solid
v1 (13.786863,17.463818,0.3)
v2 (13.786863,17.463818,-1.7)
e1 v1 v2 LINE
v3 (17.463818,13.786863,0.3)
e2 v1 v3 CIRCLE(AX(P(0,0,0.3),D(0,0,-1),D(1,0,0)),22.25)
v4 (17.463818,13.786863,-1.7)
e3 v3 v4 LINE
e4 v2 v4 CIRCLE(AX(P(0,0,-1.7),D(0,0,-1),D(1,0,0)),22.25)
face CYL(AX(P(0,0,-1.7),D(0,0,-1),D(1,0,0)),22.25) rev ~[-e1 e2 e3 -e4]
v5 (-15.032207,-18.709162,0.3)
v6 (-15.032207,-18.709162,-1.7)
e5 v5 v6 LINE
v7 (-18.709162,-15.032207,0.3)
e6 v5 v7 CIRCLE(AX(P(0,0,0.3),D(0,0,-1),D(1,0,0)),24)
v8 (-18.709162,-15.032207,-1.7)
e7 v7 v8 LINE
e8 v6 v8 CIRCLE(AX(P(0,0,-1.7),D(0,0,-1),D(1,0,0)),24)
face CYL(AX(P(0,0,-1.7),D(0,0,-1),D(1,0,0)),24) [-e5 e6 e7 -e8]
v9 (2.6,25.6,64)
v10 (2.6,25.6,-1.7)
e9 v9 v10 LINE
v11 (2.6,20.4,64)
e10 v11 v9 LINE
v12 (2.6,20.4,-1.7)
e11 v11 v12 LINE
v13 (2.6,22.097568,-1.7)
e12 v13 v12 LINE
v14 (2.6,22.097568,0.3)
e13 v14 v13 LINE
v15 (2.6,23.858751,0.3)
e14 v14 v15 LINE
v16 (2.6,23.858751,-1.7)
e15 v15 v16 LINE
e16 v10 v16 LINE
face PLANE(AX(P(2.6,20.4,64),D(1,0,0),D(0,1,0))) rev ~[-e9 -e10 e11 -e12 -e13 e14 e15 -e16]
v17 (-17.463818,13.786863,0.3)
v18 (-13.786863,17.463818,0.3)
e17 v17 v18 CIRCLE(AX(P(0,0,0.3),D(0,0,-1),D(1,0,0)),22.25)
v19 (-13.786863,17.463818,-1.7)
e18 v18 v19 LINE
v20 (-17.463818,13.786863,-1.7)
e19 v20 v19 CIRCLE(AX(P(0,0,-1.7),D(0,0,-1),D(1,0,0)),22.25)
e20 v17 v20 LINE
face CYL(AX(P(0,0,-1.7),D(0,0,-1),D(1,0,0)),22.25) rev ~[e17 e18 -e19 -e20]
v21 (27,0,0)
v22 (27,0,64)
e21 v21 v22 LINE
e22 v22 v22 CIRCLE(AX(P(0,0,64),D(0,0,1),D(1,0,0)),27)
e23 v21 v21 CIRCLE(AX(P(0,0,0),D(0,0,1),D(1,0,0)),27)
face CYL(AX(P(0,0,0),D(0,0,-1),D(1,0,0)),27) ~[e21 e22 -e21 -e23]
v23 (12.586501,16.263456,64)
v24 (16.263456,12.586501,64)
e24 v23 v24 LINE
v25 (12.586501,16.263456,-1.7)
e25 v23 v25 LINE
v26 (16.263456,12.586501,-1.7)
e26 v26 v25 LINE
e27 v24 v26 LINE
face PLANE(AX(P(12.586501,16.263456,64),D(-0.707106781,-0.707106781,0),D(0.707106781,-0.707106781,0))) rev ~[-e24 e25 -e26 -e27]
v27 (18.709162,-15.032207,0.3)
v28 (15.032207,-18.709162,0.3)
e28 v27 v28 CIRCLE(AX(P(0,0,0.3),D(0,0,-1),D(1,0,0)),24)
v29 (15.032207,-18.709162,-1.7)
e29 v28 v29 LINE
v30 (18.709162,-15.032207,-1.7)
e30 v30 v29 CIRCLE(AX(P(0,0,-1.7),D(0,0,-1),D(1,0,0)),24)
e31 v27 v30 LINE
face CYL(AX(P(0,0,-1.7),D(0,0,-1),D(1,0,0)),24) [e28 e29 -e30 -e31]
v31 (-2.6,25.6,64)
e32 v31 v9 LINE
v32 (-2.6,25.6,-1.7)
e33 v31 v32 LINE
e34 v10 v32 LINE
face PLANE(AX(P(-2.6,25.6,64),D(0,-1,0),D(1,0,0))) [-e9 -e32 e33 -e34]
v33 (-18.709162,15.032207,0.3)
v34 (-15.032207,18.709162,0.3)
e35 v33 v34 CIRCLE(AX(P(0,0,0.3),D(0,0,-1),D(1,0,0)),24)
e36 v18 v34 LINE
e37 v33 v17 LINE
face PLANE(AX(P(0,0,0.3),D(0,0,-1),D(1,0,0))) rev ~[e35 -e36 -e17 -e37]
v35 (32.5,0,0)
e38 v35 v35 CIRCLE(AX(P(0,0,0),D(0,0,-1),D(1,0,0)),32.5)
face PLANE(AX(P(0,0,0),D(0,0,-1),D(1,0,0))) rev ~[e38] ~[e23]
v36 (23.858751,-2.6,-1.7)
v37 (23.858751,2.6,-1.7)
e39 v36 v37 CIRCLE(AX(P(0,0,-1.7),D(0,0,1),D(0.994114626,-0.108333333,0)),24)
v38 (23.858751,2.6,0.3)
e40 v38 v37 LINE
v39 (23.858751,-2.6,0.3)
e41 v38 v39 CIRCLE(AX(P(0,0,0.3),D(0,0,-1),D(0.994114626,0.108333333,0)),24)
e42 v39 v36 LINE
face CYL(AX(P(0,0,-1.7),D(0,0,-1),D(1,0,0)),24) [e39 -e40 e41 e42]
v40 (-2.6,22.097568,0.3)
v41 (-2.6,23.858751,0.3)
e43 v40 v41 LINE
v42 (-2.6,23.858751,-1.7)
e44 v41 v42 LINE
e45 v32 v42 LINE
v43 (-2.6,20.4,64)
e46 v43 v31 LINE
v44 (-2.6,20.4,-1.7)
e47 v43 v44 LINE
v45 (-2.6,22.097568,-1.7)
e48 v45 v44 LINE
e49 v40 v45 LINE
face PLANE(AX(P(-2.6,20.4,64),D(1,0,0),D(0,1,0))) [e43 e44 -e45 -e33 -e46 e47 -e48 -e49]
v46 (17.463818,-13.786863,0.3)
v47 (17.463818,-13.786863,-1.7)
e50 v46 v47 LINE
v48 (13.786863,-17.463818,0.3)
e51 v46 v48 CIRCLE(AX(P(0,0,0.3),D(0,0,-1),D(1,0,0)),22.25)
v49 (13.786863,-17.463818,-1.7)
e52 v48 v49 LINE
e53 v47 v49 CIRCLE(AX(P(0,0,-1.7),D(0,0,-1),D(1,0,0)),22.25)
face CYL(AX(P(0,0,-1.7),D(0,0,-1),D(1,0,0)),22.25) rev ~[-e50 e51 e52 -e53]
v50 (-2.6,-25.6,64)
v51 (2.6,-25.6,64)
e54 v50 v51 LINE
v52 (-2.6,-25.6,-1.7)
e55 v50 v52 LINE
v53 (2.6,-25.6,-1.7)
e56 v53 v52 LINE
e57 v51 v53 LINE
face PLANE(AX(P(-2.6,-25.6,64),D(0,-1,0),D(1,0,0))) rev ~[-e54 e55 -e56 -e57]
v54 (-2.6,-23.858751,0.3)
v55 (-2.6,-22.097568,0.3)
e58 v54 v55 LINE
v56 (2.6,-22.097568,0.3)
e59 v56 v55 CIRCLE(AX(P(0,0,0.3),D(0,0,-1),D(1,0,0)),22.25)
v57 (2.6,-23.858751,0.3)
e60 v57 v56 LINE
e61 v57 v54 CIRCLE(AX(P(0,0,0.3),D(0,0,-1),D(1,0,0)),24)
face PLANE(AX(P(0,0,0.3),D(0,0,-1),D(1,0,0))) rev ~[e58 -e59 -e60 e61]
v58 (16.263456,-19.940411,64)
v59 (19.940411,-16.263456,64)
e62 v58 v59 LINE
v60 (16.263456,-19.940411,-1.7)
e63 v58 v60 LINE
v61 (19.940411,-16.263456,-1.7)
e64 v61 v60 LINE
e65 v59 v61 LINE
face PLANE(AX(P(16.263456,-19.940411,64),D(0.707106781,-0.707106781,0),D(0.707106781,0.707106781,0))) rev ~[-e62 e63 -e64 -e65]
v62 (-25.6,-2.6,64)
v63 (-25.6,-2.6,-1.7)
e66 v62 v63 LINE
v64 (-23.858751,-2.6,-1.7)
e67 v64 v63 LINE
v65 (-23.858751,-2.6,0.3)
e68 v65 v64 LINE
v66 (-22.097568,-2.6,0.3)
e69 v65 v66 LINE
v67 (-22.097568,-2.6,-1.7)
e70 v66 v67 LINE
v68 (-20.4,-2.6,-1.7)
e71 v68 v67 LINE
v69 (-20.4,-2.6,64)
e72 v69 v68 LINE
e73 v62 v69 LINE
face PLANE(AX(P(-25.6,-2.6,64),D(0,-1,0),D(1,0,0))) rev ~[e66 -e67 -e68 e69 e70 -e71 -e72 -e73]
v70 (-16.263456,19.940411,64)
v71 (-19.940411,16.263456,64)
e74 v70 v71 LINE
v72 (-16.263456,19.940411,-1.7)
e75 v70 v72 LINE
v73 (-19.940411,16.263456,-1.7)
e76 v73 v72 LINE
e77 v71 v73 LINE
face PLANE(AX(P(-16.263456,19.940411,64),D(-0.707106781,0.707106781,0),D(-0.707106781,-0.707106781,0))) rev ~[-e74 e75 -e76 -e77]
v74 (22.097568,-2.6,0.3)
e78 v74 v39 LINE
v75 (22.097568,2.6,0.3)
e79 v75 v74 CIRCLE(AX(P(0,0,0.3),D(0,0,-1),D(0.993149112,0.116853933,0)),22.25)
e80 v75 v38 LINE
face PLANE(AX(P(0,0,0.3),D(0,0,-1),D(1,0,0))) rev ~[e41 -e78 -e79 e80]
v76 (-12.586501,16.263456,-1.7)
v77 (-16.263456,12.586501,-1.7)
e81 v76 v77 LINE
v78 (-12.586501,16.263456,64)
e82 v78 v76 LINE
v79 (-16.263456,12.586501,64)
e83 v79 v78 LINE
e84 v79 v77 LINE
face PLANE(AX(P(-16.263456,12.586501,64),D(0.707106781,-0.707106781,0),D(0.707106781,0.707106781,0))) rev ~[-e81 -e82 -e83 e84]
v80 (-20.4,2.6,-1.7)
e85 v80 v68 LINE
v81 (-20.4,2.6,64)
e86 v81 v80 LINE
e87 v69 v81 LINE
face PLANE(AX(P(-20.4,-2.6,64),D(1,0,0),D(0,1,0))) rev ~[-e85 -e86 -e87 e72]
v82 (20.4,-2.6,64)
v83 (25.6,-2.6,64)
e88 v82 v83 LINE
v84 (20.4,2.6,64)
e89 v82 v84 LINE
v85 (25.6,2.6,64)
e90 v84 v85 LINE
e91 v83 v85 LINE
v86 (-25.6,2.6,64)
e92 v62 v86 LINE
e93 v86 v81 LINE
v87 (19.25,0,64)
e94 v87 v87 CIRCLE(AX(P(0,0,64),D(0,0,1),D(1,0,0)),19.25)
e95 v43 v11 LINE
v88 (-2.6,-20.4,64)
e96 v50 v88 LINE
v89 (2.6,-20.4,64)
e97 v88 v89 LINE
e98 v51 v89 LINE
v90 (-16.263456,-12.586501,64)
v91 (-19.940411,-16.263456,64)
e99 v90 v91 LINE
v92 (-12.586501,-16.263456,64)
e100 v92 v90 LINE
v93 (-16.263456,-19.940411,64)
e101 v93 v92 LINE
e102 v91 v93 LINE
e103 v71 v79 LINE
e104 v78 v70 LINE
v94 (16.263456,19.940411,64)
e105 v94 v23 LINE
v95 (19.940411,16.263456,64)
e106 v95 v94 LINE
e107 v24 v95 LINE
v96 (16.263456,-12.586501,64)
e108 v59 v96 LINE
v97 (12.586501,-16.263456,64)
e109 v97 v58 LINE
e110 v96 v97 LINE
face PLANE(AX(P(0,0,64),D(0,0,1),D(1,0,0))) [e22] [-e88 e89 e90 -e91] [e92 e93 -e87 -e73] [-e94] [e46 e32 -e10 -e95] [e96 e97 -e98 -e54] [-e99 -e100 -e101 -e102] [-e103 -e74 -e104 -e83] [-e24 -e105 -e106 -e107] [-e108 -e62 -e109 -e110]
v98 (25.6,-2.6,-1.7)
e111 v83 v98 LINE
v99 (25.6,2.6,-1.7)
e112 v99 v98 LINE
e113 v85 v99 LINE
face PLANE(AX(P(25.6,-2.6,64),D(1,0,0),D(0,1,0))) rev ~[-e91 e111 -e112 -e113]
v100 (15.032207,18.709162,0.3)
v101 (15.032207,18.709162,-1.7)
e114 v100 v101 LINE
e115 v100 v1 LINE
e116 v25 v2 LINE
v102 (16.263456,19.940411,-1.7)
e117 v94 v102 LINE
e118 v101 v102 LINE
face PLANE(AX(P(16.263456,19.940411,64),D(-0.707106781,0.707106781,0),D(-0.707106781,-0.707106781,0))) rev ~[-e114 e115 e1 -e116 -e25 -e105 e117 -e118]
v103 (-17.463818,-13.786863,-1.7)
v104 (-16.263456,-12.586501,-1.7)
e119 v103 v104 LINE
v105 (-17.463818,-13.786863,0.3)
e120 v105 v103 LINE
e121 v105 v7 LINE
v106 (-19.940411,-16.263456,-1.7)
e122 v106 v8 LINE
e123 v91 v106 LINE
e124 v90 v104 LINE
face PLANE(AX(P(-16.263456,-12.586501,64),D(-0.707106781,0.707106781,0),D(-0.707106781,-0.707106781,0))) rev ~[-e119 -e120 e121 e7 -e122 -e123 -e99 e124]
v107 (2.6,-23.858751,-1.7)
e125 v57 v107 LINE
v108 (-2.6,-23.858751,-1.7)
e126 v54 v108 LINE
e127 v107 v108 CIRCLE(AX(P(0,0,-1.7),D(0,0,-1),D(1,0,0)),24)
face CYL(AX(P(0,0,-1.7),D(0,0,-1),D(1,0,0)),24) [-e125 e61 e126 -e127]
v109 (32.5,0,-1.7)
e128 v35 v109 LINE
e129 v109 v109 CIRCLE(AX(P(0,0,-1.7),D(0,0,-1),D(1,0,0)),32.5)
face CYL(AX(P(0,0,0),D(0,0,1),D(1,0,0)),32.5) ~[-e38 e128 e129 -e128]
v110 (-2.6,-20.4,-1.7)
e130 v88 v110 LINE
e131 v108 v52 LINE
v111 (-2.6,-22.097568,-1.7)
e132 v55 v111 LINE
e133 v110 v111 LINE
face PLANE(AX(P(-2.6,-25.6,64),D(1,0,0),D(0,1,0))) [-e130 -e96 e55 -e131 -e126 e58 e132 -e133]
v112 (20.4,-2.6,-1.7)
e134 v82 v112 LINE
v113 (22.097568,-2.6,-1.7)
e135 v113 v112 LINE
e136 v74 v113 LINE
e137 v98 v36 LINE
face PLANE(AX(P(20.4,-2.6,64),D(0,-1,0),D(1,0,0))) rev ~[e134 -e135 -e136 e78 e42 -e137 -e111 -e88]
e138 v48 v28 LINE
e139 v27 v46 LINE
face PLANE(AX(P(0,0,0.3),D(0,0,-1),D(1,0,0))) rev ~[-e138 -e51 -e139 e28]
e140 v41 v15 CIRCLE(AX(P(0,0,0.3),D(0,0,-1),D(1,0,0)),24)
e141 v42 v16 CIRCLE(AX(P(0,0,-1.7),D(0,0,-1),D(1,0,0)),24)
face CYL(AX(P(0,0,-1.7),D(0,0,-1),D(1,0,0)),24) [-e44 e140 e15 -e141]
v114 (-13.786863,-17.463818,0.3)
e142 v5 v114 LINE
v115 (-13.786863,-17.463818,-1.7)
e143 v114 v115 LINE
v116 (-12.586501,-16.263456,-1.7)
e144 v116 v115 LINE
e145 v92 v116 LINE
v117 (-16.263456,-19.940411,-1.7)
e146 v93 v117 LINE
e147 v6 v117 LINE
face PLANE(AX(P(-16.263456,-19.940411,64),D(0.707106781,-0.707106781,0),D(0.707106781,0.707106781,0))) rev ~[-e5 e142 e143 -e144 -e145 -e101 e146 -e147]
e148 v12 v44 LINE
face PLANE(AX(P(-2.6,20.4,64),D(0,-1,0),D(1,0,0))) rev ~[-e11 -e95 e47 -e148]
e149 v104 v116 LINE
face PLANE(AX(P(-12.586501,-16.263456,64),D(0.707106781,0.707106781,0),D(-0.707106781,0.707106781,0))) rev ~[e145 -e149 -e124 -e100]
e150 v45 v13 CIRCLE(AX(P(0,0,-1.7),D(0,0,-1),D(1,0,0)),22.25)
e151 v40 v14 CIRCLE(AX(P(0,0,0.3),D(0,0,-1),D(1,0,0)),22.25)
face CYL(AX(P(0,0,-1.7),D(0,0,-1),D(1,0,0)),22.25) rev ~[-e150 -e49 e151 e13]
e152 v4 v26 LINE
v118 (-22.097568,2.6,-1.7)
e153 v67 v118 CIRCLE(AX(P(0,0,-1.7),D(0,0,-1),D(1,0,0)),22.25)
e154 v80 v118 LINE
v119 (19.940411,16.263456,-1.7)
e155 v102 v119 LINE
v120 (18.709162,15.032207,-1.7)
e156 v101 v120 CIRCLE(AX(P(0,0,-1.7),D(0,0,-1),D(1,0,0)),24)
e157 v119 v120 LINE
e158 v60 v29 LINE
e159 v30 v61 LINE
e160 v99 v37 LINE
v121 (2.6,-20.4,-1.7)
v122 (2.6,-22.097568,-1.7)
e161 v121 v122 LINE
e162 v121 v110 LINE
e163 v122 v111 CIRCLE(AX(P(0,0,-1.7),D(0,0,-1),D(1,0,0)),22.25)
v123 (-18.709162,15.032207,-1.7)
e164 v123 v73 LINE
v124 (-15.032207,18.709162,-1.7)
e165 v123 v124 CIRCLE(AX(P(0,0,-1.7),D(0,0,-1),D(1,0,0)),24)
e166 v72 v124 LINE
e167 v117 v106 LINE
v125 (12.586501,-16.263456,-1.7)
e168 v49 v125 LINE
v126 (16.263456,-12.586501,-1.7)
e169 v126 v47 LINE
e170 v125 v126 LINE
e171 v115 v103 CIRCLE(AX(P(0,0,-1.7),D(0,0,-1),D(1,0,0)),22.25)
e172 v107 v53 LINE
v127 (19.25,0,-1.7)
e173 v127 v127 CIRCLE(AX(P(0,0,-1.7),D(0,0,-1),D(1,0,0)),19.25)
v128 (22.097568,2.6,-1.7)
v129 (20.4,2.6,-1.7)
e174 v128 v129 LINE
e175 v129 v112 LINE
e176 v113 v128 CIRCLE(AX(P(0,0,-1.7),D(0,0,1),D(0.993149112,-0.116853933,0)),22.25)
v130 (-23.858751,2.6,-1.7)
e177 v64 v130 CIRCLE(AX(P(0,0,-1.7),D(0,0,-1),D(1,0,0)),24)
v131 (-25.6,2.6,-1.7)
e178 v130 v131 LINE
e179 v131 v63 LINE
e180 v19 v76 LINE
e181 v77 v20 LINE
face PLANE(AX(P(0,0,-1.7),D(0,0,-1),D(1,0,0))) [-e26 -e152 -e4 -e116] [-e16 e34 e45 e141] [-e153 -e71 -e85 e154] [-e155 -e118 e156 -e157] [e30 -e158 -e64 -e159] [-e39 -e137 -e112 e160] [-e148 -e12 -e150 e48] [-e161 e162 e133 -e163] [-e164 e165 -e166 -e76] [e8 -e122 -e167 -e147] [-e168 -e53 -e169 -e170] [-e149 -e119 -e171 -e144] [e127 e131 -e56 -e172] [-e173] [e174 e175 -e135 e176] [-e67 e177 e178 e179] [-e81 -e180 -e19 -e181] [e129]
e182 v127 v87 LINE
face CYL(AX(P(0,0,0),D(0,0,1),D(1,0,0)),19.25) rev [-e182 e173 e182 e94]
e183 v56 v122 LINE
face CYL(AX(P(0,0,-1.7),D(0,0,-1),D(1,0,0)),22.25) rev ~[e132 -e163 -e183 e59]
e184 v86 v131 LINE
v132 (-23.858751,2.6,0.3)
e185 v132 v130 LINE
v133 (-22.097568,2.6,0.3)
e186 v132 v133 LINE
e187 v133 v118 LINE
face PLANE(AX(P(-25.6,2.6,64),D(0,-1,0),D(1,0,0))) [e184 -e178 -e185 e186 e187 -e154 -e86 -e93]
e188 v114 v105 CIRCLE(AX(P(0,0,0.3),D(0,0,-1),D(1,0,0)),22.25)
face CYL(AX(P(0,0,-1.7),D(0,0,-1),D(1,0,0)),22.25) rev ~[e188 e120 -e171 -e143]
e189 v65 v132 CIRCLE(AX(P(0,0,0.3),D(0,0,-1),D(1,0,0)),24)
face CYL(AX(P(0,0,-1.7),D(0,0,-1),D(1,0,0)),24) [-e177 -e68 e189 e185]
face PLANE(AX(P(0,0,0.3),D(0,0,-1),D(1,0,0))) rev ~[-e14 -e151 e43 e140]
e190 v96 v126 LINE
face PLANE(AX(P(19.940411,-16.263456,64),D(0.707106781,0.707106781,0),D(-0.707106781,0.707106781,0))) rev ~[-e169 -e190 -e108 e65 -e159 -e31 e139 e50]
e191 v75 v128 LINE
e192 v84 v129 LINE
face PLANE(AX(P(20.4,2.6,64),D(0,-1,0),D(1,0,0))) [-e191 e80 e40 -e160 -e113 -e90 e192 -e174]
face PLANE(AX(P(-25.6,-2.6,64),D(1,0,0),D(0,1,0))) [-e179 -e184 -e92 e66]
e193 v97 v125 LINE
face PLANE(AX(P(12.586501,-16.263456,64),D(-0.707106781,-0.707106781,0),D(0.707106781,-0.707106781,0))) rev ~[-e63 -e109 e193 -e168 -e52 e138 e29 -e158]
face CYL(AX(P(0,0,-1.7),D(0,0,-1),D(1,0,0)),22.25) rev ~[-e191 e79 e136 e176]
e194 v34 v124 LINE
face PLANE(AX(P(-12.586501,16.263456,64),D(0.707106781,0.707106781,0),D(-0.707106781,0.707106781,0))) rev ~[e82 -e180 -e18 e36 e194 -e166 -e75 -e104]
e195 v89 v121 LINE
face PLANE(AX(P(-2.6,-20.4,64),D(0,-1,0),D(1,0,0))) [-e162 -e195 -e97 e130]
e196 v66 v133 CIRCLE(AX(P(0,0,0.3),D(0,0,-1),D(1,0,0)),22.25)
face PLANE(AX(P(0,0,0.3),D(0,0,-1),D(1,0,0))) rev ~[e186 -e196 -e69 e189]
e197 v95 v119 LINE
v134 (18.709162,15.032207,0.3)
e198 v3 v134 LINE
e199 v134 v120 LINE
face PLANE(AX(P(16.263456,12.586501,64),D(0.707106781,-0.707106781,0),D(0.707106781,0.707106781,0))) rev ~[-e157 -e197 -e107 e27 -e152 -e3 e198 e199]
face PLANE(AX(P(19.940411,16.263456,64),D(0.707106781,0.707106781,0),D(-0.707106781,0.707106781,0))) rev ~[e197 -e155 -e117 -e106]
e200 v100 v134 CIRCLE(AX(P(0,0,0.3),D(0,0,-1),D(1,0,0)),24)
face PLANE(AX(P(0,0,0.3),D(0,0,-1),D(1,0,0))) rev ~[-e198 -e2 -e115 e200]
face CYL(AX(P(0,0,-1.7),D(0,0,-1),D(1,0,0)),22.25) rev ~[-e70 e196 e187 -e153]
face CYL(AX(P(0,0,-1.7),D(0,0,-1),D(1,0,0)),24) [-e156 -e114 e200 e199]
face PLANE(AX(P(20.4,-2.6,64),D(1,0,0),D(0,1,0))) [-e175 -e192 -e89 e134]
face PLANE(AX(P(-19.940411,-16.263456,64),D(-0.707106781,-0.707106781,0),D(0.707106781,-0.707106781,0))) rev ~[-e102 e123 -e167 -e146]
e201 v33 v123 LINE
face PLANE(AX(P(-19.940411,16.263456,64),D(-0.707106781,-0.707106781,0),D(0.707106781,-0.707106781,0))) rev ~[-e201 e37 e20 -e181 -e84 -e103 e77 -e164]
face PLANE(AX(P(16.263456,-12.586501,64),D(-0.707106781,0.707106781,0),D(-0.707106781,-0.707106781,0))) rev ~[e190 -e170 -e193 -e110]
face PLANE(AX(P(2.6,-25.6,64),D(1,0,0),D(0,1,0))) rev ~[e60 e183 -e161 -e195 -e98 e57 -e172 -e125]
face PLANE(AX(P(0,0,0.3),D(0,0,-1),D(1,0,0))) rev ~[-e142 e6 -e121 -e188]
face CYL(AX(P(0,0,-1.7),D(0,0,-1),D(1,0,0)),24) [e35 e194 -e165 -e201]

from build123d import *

# Parameters (mm, degrees)
F0_R     = 27
F0_R_2   = 19.25
F1_DEPTH = 64
F2_R     = 32.5
F2_R_2   = 19.25
F3_DEPTH = 1.7
F4_W     = 5.2
F4_H     = 5.2
F5_DEPTH = 65.701
F6_R     = 24
F6_R_2   = 22.25
F7_DEPTH = 2


with BuildPart() as f1:
    # F0 (on Top) → F1 (new body)
    with BuildSketch(Plane.XY):
        Circle(F0_R)
        Circle(F0_R_2, mode=Mode.SUBTRACT)
    extrude(amount=F1_DEPTH)

    # F2 (on face) → F3 (join)
    with BuildSketch(Plane(origin=(0, 0, 0), x_dir=(1, 0, 0), z_dir=(0, 0, -1))):
        Circle(F2_R)
        Circle(F2_R_2, mode=Mode.SUBTRACT)
    extrude(amount=F3_DEPTH)

    # F4 (on face) → F5 (cut, through all)
    with BuildSketch(Plane.XY.offset(64)):
        with Locations((0, -23)):
            Rectangle(F4_W, F4_H)
        Polygon((16.263456, -12.586501), (12.586501, -16.263456), (16.263456, -19.940411), (19.940411, -16.263456), align=None)
        with Locations((23, 0)):
            Rectangle(F4_W, F4_H)
        Polygon((12.586501, 16.263456), (16.263456, 12.586501), (19.940411, 16.263456), (16.263456, 19.940411), align=None)
        with Locations((0, 23)):
            Rectangle(F4_W, F4_H)
        Polygon((-16.263456, 12.586501), (-12.586501, 16.263456), (-16.263456, 19.940411), (-19.940411, 16.263456), align=None)
        with Locations((-23, 0)):
            Rectangle(F4_W, F4_H)
        Polygon((-12.586501, -16.263456), (-16.263456, -12.586501), (-19.940411, -16.263456), (-16.263456, -19.940411), align=None)
    extrude(amount=-F5_DEPTH, mode=Mode.SUBTRACT)

    # F6 (on face) → F7 (join)
    with BuildSketch(Plane(origin=(0, 0, -1.7), x_dir=(1, 0, 0), z_dir=(0, 0, -1))):
        Circle(F6_R)
        Circle(F6_R_2, mode=Mode.SUBTRACT)
    extrude(amount=-F7_DEPTH)


solid = f1.part
